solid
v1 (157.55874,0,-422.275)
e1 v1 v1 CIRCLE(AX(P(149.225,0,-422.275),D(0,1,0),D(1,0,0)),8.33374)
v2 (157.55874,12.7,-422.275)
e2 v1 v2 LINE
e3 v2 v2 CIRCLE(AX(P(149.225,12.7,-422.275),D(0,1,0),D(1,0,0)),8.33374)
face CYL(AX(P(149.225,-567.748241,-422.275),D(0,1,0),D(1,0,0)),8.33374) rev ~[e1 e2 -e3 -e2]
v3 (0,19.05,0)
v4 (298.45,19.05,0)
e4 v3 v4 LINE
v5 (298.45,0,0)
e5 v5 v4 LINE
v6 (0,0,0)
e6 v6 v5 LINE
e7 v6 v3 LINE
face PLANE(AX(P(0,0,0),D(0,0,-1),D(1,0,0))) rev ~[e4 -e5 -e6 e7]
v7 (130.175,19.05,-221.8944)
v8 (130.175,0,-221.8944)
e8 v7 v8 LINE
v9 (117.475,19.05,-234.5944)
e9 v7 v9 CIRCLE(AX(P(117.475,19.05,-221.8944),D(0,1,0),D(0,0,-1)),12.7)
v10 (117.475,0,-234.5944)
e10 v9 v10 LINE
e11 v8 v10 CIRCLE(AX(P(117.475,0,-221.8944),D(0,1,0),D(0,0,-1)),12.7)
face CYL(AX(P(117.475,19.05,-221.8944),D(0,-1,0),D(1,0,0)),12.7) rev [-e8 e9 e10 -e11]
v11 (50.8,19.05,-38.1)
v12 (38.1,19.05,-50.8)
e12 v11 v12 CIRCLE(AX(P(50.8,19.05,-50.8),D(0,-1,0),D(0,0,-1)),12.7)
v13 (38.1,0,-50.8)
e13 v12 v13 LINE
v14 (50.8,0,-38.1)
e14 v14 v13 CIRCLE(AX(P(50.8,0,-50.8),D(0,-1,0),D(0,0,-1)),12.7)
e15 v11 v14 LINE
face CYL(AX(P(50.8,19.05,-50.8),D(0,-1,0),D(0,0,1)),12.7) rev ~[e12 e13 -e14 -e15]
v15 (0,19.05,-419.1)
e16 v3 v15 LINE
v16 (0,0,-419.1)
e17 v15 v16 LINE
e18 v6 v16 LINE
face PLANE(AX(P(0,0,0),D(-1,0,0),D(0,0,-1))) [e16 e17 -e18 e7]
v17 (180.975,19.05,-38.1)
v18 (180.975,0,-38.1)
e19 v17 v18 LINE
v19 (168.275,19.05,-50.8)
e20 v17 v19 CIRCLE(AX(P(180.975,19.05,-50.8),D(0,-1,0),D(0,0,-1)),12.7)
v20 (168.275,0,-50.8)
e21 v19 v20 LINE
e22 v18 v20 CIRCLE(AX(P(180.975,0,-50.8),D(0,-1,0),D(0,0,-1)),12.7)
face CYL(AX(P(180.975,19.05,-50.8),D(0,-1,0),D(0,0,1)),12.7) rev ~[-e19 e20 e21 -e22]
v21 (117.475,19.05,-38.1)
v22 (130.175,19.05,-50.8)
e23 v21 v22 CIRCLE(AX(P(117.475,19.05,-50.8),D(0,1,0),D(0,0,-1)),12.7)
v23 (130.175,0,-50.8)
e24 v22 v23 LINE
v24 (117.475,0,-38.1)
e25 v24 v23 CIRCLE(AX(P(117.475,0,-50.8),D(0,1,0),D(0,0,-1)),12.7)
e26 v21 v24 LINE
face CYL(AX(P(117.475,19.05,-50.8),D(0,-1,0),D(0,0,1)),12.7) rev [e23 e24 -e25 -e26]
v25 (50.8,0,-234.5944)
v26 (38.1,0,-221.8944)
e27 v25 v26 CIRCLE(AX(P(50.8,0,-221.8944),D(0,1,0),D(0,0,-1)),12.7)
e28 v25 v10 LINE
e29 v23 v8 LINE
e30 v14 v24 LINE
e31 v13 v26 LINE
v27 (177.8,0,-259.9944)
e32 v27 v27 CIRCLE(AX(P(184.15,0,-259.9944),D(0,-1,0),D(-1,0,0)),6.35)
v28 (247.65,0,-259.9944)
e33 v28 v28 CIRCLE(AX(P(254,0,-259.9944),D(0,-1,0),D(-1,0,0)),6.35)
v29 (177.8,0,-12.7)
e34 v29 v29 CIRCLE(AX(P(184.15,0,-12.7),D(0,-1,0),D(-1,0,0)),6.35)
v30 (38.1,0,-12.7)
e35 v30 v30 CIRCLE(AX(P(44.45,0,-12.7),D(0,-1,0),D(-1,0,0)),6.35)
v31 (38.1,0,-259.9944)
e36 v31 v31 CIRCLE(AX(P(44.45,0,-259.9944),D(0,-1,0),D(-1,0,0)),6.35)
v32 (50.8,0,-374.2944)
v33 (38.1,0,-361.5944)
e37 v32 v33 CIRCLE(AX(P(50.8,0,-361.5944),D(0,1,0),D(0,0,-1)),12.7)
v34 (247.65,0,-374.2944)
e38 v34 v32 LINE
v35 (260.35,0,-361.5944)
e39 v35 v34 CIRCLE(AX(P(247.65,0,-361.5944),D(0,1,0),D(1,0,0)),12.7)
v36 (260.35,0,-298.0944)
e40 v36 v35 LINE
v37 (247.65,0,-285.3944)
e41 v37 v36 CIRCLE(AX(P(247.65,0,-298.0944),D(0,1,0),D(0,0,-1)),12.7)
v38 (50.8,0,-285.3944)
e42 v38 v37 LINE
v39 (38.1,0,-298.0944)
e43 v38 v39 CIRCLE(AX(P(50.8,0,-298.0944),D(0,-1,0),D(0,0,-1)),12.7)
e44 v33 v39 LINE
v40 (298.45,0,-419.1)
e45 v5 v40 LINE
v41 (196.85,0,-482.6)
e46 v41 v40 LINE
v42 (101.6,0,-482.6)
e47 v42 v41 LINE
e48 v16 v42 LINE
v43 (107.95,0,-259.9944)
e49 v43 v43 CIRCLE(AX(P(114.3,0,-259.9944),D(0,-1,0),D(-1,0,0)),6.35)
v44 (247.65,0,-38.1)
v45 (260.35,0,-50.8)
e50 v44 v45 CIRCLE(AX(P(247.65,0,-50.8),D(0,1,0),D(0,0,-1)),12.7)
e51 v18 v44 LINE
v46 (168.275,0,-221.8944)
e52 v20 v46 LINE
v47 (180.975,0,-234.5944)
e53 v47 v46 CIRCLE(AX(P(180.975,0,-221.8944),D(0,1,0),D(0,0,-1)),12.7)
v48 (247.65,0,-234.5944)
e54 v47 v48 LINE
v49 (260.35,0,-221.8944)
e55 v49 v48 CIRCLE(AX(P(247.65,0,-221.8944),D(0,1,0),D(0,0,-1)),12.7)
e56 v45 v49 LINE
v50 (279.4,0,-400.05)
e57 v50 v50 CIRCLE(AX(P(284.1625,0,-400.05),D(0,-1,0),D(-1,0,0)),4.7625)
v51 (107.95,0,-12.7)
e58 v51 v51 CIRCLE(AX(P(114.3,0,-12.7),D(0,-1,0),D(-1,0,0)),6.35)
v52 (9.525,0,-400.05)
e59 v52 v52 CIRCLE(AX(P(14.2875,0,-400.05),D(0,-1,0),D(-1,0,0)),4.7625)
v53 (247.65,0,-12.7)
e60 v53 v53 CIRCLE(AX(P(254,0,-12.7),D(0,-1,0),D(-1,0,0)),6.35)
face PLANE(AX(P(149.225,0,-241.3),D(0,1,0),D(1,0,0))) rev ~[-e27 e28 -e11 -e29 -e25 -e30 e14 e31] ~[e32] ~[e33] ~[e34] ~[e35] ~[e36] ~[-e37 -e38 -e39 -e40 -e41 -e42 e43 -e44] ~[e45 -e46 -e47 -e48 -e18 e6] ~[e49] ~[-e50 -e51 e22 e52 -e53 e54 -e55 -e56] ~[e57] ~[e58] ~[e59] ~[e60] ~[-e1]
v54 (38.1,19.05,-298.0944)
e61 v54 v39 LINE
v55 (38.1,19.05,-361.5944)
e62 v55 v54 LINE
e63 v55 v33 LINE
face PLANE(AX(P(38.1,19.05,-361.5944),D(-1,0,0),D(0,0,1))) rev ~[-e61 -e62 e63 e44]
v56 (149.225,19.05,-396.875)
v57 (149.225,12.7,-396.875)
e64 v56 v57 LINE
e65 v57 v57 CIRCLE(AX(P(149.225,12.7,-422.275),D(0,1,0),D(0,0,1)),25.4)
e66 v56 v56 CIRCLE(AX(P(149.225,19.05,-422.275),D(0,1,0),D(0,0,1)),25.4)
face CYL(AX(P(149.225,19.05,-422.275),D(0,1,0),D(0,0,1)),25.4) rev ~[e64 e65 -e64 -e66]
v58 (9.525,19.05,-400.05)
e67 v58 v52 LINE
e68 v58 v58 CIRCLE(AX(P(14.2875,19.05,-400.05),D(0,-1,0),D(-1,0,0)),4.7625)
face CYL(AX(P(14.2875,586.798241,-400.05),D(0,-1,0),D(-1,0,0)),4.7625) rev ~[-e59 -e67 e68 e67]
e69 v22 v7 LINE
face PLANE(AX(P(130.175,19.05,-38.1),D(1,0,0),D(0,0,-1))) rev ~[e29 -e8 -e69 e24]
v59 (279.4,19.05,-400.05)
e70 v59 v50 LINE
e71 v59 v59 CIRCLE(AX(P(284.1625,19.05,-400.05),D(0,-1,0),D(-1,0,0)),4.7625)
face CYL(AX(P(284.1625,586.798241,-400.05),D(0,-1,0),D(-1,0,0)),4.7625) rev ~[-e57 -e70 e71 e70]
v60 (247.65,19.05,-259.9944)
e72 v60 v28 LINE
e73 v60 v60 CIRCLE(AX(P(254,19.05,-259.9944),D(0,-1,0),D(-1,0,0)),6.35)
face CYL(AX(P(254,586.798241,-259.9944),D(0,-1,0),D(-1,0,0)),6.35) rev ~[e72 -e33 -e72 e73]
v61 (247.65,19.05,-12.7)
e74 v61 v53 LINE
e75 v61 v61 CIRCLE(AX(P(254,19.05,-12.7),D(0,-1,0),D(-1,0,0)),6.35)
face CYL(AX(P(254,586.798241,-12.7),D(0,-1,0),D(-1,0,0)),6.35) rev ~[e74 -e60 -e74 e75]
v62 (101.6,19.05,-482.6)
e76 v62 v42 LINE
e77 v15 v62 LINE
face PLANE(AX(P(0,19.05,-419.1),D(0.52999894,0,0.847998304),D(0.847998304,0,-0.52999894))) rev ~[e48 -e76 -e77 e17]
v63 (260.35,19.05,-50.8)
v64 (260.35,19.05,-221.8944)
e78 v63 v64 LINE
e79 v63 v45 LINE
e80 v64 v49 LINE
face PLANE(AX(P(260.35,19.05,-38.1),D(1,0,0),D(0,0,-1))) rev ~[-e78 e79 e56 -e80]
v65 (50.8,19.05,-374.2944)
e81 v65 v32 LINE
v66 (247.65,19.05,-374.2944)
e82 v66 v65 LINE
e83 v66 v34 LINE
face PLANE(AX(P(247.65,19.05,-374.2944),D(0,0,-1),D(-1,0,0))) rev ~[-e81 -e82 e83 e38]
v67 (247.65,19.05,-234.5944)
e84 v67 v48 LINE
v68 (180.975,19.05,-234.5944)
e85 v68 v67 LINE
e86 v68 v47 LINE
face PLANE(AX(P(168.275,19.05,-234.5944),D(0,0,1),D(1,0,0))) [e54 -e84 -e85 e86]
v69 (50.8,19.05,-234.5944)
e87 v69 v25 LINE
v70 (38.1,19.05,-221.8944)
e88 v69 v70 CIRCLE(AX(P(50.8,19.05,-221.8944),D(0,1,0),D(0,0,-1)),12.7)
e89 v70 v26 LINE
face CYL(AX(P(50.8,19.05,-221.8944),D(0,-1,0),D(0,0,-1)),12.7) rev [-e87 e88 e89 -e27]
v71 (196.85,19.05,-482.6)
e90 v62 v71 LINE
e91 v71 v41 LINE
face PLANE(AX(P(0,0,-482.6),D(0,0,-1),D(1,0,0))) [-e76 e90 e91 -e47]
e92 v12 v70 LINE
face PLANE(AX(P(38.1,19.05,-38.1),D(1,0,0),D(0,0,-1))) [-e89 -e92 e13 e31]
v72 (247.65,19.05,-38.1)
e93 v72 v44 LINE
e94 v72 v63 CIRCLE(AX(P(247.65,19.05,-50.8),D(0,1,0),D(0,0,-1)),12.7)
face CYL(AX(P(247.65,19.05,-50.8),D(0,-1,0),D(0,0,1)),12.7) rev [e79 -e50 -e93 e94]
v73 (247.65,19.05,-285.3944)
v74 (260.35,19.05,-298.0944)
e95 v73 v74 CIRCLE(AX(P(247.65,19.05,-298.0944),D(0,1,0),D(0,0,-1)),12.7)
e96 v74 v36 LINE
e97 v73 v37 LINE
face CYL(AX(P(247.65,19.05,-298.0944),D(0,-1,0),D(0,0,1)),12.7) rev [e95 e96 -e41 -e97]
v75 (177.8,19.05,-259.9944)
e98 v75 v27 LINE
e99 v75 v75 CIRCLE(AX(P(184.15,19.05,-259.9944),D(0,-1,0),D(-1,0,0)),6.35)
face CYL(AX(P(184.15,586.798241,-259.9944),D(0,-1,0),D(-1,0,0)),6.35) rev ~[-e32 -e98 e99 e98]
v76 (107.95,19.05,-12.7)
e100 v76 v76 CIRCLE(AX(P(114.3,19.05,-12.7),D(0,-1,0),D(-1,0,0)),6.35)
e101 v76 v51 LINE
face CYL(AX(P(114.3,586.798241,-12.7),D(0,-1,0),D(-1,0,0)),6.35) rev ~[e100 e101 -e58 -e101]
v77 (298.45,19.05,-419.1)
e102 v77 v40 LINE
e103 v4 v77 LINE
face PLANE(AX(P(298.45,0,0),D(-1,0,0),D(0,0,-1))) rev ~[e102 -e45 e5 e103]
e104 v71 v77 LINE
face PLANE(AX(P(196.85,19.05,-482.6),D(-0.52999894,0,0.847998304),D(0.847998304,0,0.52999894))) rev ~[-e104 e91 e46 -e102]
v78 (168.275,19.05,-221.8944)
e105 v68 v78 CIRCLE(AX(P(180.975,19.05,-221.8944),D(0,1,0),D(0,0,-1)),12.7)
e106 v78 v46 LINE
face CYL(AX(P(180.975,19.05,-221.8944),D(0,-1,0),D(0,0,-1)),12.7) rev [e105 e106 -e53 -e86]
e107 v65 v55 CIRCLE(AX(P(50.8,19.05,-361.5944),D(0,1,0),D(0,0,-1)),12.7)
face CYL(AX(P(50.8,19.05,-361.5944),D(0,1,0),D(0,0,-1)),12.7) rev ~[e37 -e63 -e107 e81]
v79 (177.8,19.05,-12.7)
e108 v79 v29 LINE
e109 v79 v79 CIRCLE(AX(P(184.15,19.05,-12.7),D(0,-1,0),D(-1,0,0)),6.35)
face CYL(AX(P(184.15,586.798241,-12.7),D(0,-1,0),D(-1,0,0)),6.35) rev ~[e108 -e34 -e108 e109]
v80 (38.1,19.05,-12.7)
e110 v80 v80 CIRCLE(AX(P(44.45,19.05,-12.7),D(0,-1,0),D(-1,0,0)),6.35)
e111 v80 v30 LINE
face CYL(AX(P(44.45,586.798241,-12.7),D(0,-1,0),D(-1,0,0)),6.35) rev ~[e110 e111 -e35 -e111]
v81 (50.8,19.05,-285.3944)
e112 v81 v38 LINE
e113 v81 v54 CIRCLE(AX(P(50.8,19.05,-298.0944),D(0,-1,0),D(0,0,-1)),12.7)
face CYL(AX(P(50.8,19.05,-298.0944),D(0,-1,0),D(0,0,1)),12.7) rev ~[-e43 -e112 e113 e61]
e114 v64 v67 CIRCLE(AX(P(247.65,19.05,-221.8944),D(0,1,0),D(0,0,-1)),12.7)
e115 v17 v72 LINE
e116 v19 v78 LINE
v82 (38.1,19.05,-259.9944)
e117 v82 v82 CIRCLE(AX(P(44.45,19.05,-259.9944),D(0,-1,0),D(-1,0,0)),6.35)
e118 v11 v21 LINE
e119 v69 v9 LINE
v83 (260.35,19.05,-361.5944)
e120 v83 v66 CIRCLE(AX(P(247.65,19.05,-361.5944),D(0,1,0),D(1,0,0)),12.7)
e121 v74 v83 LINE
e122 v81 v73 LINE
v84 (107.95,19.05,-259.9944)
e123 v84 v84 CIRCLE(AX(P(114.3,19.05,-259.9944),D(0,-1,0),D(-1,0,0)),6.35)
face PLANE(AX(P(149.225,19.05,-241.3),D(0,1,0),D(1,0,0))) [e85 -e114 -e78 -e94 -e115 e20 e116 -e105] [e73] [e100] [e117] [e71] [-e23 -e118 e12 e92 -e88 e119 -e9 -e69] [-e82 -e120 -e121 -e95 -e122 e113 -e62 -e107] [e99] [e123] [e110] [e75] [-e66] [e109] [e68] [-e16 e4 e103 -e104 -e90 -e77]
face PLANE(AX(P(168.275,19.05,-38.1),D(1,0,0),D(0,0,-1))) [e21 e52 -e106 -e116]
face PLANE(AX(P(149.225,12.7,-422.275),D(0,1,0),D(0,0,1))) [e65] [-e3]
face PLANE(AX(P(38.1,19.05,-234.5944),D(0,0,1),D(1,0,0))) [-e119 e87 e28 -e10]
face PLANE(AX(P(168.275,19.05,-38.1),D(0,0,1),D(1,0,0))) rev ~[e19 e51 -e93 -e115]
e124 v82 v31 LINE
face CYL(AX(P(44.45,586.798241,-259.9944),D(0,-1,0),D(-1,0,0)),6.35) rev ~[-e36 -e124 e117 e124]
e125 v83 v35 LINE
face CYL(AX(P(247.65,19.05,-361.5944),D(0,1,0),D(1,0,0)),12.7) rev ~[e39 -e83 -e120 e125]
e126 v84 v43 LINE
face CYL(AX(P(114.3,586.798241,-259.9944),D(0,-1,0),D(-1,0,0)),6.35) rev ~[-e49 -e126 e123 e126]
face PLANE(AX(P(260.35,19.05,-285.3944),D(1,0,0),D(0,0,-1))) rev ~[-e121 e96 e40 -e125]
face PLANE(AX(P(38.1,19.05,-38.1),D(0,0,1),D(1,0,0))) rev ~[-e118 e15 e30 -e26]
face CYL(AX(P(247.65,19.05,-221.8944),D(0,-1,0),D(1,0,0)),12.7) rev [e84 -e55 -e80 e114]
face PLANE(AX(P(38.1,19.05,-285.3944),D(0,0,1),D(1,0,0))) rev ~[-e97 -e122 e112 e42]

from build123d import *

# Parameters (mm, degrees)
SKETCH1_W                    = 298.45
SKETCH1_H                    = 482.6
BOSS_EXTRUDE1_DEPTH          = 19.05
F_1_2_0_5_DIAMETER_HOLE1_D   = 12.7
LPATTERN1_COUNT              = 4
LPATTERN1_PITCH              = 69.85
LPATTERN1_COUNT_DIR2         = 2
LPATTERN1_PITCH_DIR2         = 247.2944
F_3_8_0_375_DIAMETER_HOLE1_D = 9.525
SKETCH6_R                    = 25.4
CUT_EXTRUDE1_DEPTH           = 6.35
F_3_4_10_TAPPED_HOLE1_D      = 16.66748
SKETCH10_W                   = 92.075
SKETCH10_H                   = 196.4944
SKETCH10_H_2                 = 76.5556
CUT_EXTRUDE2_DEPTH           = 568.74824086
FILLET1_R                    = 12.7
CUT_EXTRUDE3_DEPTH           = 568.74824086
CUT_EXTRUDE4_DEPTH           = 568.74824086


with BuildPart() as part:
    # Sketch1 → Boss-Extrude1 (new body)
    with BuildSketch(Plane(origin=(0, 0, 0), x_dir=(1, 0, 0), z_dir=(0, 1, 0))):
        with Locations((149.225, 241.3)):
            Rectangle(SKETCH1_W, SKETCH1_H)
    extrude(amount=BOSS_EXTRUDE1_DEPTH)

    # 1/2 (0.5) Diameter Hole1 (through all)
    with Locations(Plane(origin=(0, 19.05, 0), x_dir=(1, 0, 0), z_dir=(0, 1, 0))):
        with Locations((44.45, 12.7)):
            f_1_2_0_5_diameter_hole1 = Hole(F_1_2_0_5_DIAMETER_HOLE1_D / 2)

    # LPattern1: 1_2 _0.5_ Diameter Hole1 4 × 2
    with Locations(*[(i * LPATTERN1_PITCH, 0, -j * LPATTERN1_PITCH_DIR2) for i in range(LPATTERN1_COUNT) for j in range(LPATTERN1_COUNT_DIR2) if (i, j) != (0, 0)]):
        add(f_1_2_0_5_diameter_hole1, mode=Mode.SUBTRACT)

    # 3/8 (0.375) Diameter Hole1 (through all)
    with Locations(Plane(origin=(0, 19.05, 0), x_dir=(1, 0, 0), z_dir=(0, 1, 0))):
        with Locations((284.1625, 400.05), (14.2875, 400.05)):
            Hole(F_3_8_0_375_DIAMETER_HOLE1_D / 2)

    # Sketch6 → Cut-Extrude1 (cut)
    with BuildSketch(Plane(origin=(0, 19.05, 0), x_dir=(1, 0, 0), z_dir=(0, 1, 0))):
        with Locations(Location((149.225, 422.275, 0), (0, 0, 270))):
            Circle(SKETCH6_R)
    extrude(amount=-CUT_EXTRUDE1_DEPTH, mode=Mode.SUBTRACT)

    # 3/4-10 Tapped Hole1 (through all)
    with Locations(Plane(origin=(0, 0, 0), x_dir=(-1, 0, 0), z_dir=(0, -1, 0))):
        with Locations((-149.225, 422.275)):
            Hole(F_3_4_10_TAPPED_HOLE1_D / 2)

    # Sketch10 → Cut-Extrude2 (cut, through all)
    with BuildSketch(Plane(origin=(0, 19.05, 0), x_dir=(1, 0, 0), z_dir=(0, 1, 0))):
        with Locations((84.1375, 136.3472)):
            Rectangle(SKETCH10_W, SKETCH10_H)
        with Locations((214.3125, 136.3472)):
            Rectangle(SKETCH10_W, SKETCH10_H)
        with Locations((84.1375, 323.6722)):
            Rectangle(SKETCH10_W, SKETCH10_H_2)
        with Locations((214.3125, 323.6722)):
            Rectangle(SKETCH10_W, SKETCH10_H_2)
    extrude(amount=-CUT_EXTRUDE2_DEPTH, mode=Mode.SUBTRACT)

    # Fillet1
    fillet1_edges = [part.edges().sort_by_distance(p)[0] for p in [
        (38.1, 9.525, -38.1),
        (38.1, 9.525, -234.5944),
        (130.175, 9.525, -234.5944),
        (130.175, 9.525, -38.1),
        (168.275, 9.525, -38.1),
        (168.275, 9.525, -234.5944),
        (260.35, 9.525, -234.5944),
        (260.35, 9.525, -38.1),
        (38.1, 9.525, -285.3944),
        (38.1, 9.525, -361.95),
        (130.175, 9.525, -361.95),
        (130.175, 9.525, -285.3944),
        (168.275, 9.525, -285.3944),
        (168.275, 9.525, -361.95),
        (260.35, 9.525, -361.95),
        (260.35, 9.525, -285.3944),
    ]]
    fillet(fillet1_edges, radius=FILLET1_R)

    # Sketch11 → Cut-Extrude3 (cut, through all)
    with BuildSketch(Plane(origin=(0, 19.05, 0), x_dir=(1, 0, 0), z_dir=(0, 1, 0))):
        Polygon((0, 482.6), (0, 419.1), (101.6, 482.6), align=None)
        Polygon((298.45, 482.6), (196.85, 482.6), (298.45, 419.1), align=None)
    extrude(amount=-CUT_EXTRUDE3_DEPTH, mode=Mode.SUBTRACT)

    # Sketch12 → Cut-Extrude4 (cut, through all)
    with BuildSketch(Plane(origin=(0, 19.05, 0), x_dir=(1, 0, 0), z_dir=(0, 1, 0))):
        with BuildLine():
            Line((50.8, 285.3944), (247.65, 285.3944))
            ThreePointArc((247.65, 285.3944), (256.630256121, 289.114143879), (260.35, 298.0944))
            Line((260.35, 298.0944), (260.35, 361.5944))
            ThreePointArc((260.35, 361.5944), (256.630256121, 370.574656121), (247.65, 374.2944))
            Line((247.65, 374.2944), (50.8, 374.2944))
            ThreePointArc((50.8, 374.2944), (41.819743879, 370.574656121), (38.1, 361.5944))
            Line((38.1, 361.5944), (38.1, 298.0944))
            ThreePointArc((38.1, 298.0944), (41.819743879, 289.114143879), (50.8, 285.3944))
        make_face()
    extrude(amount=-CUT_EXTRUDE4_DEPTH, mode=Mode.SUBTRACT)


solid = part.part
